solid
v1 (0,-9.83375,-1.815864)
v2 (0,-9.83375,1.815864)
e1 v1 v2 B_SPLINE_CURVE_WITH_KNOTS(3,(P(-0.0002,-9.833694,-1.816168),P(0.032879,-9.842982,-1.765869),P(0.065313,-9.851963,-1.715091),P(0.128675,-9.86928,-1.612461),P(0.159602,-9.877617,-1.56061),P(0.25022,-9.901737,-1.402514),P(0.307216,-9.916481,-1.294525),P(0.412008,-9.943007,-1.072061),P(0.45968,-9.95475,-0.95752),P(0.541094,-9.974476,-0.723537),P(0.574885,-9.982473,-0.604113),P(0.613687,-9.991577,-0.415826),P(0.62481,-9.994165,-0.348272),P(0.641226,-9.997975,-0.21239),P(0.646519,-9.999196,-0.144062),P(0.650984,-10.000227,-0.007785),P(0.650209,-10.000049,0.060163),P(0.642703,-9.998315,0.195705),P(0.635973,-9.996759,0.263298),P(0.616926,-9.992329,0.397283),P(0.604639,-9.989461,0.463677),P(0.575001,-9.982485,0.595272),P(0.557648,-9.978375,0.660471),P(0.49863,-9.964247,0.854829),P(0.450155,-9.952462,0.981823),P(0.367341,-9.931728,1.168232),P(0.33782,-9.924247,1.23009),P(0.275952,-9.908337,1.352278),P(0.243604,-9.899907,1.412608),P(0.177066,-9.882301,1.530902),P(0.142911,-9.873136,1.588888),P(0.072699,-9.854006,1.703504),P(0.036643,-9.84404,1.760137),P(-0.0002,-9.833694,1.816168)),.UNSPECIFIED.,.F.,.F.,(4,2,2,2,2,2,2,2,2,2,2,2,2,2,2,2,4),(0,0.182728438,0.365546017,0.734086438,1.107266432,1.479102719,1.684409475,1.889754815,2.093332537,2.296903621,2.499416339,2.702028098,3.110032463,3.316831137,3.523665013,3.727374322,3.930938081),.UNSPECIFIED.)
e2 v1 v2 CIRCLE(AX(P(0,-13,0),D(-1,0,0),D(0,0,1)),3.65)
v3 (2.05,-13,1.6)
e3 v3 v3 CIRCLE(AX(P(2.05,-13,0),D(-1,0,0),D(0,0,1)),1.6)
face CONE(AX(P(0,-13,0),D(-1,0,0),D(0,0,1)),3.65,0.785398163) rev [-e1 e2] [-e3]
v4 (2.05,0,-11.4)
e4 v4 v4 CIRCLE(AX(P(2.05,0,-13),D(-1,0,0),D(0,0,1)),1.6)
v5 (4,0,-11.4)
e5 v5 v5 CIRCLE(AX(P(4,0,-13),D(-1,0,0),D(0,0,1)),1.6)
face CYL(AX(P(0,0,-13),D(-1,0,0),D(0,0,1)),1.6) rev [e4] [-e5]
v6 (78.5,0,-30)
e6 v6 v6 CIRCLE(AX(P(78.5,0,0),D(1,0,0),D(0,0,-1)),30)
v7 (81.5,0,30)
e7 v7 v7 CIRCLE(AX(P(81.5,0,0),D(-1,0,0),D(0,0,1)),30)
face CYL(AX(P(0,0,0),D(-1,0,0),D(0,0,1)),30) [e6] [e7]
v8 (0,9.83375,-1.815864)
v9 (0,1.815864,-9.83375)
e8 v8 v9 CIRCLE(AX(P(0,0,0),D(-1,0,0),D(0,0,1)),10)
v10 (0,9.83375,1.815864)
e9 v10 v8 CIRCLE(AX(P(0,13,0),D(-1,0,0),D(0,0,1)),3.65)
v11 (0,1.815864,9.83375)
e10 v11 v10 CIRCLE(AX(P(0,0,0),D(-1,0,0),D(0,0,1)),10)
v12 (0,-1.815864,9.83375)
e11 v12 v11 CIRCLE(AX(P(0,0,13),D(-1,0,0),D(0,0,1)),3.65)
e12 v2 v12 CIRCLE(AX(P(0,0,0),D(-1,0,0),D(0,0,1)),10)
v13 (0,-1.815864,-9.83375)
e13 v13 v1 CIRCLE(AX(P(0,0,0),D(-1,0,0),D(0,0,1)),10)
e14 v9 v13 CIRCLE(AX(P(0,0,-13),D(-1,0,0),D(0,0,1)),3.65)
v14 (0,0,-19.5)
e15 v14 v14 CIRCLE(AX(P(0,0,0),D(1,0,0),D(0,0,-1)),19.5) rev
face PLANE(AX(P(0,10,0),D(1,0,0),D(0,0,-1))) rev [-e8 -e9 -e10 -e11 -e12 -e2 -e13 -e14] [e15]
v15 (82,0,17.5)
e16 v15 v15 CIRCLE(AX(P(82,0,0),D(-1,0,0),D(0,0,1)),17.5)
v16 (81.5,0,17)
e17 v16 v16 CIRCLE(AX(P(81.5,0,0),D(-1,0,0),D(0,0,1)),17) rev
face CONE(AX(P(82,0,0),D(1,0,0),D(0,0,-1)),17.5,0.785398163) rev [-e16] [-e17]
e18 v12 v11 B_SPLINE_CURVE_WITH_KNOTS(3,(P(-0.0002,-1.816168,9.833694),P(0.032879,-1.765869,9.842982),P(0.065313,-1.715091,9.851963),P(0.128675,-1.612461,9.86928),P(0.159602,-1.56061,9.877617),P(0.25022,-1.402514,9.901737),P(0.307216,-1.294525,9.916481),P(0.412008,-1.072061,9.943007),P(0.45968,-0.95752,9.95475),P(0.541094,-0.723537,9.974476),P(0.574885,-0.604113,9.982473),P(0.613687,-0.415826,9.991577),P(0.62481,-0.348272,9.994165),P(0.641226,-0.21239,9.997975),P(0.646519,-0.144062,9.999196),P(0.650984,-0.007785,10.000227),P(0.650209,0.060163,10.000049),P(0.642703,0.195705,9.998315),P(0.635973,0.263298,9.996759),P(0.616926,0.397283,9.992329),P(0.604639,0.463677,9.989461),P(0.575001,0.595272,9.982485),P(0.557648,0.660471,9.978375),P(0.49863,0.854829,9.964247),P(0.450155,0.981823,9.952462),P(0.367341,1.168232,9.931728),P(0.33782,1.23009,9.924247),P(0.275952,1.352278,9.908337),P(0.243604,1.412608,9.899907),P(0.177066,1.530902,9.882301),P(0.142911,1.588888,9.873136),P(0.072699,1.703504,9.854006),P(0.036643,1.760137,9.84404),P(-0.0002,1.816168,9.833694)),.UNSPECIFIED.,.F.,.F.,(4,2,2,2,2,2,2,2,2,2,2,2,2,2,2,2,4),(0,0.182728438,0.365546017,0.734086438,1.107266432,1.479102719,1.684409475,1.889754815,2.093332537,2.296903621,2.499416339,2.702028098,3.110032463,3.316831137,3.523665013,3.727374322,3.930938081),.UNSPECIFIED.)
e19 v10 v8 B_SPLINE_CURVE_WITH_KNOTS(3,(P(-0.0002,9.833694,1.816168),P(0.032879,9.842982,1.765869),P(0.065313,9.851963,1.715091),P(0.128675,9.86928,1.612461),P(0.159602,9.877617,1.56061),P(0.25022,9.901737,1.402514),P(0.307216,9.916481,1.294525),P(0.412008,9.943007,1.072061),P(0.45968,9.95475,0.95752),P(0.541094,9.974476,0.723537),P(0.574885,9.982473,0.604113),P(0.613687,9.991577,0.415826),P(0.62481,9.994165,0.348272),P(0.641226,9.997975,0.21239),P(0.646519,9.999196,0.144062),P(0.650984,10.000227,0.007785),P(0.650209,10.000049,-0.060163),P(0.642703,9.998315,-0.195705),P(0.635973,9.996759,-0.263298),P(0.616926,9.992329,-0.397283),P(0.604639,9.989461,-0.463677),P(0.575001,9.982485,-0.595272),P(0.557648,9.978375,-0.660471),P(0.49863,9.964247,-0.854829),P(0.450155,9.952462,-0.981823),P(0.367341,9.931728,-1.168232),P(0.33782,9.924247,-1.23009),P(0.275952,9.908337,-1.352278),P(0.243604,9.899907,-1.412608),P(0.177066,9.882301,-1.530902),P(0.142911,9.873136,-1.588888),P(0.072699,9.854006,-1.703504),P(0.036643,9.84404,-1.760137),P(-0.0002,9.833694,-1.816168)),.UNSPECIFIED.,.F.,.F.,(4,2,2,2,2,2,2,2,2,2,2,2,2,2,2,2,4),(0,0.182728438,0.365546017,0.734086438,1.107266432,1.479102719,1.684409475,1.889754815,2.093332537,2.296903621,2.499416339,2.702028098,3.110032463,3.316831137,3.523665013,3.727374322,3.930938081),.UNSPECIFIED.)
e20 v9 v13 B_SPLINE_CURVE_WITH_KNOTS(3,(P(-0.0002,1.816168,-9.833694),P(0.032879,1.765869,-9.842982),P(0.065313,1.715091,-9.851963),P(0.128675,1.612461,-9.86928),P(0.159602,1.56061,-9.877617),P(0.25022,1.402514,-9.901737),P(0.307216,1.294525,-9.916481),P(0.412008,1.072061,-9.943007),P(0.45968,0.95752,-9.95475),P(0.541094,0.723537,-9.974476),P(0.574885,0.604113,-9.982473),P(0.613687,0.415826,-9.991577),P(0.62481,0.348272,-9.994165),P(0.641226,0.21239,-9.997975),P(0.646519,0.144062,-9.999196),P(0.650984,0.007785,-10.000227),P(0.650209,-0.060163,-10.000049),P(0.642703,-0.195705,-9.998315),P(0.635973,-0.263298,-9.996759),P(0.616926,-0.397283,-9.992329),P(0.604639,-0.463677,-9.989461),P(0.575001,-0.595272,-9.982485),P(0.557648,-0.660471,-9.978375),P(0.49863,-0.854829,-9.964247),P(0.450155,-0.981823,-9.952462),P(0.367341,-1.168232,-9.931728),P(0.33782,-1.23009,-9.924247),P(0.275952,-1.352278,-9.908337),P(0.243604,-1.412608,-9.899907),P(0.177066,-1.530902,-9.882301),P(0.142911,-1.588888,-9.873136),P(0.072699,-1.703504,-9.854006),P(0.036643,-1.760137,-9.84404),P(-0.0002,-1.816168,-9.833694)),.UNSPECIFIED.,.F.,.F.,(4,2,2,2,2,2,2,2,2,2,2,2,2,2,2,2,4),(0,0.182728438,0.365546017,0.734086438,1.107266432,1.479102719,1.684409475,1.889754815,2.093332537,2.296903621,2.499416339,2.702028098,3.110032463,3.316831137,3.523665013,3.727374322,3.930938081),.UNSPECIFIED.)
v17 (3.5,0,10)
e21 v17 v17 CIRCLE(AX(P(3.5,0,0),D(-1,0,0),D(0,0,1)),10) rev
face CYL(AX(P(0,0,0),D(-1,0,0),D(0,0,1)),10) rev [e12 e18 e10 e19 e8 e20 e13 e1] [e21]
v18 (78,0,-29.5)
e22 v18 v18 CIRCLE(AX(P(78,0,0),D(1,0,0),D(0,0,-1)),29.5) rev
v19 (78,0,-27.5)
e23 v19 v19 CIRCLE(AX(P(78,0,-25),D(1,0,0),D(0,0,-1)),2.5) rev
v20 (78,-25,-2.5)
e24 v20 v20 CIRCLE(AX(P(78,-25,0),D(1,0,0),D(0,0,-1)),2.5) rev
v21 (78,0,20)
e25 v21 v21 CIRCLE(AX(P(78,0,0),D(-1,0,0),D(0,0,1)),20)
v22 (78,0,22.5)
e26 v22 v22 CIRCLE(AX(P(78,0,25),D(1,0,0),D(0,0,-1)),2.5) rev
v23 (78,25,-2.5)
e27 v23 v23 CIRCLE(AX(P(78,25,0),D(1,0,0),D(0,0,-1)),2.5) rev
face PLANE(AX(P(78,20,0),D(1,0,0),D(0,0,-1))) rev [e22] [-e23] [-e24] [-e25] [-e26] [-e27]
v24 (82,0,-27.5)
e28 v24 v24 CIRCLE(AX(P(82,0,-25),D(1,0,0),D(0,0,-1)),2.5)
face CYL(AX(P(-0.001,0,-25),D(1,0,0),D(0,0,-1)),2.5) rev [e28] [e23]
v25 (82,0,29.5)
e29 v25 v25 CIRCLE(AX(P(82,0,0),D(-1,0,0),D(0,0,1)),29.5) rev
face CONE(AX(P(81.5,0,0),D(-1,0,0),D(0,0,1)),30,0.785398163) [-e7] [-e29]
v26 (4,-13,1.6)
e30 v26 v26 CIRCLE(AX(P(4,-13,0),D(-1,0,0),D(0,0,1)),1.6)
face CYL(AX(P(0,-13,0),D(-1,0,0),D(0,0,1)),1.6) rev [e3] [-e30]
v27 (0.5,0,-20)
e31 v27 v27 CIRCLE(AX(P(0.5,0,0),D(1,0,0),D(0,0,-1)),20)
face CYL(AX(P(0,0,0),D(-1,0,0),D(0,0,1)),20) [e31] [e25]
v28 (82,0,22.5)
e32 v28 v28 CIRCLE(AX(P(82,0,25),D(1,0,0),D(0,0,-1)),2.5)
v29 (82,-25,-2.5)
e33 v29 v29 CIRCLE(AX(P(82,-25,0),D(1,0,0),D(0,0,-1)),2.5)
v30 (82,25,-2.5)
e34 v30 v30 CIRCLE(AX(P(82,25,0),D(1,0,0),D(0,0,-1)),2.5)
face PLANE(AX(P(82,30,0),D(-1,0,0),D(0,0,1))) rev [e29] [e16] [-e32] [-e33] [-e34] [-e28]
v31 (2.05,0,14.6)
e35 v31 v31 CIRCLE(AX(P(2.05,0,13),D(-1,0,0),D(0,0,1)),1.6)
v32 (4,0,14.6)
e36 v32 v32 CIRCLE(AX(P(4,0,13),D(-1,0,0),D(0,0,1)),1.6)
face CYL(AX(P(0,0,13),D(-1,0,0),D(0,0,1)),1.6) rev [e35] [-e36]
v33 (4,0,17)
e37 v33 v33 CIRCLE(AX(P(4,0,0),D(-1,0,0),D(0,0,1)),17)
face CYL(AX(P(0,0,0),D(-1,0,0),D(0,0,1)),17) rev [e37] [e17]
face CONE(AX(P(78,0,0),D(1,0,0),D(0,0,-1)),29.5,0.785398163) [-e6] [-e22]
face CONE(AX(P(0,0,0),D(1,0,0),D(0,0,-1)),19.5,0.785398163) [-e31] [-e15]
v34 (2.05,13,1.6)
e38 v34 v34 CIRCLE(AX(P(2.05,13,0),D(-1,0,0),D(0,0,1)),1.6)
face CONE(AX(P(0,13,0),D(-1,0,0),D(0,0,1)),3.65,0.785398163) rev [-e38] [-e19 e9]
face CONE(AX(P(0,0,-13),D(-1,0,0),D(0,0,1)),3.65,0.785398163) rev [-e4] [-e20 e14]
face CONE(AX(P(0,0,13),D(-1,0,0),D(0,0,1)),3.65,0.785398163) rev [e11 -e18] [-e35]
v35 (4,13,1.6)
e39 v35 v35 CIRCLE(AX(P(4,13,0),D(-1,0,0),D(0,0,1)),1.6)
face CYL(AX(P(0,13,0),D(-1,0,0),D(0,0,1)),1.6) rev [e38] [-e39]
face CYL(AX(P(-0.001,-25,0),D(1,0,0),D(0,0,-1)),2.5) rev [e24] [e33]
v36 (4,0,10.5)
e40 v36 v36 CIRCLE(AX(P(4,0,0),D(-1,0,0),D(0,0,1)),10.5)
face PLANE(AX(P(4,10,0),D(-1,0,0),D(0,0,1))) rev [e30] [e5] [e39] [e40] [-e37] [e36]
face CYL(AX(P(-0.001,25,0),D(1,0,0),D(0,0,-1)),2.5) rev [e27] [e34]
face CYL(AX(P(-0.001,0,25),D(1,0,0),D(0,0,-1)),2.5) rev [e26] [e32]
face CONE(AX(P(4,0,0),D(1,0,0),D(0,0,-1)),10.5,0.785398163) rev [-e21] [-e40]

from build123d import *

# Parameters (mm, degrees)
CHANFREIN1_SIZE                                = 0.5
FRAISAGE_POUR_VIS_T_TE_FRAIS_E_M31_D           = 3.2
FRAISAGE_POUR_VIS_T_TE_FRAIS_E_M31_CSINK_D     = 7.3
FRAISAGE_POUR_VIS_T_TE_FRAIS_E_M31_CSINK_ANGLE = 90
ENL_V_MAT_EXTRU_1_REACH                        = 94.326
ESQUISSE5_R                                    = 2.5


with BuildPart() as part:
    # Esquisse1 → Révolution1 (revolve)
    with BuildSketch(Plane.XY, mode=Mode.PRIVATE) as r_volution1_sk:
        Polygon((0, 10), (0, 20), (78, 20), (78, 30), (82, 30), (82, 17), (4, 17), (4, 10), align=None)
    revolve(r_volution1_sk.sketch.rotate(Axis((0, 0, 0), (1, 0, 0)), 90), axis=Axis((0, 0, 0), (1, 0, 0)))

    # Chanfrein1
    chanfrein1_edges = [part.edges().sort_by_distance(p)[0] for p in [
        (0, 0, -20),
        (78, 0, -30),
        (82, 0, -30),
        (82, 0, -17),
        (4, 0, -10),
    ]]
    chamfer(chanfrein1_edges, length=CHANFREIN1_SIZE)

    # Fraisage pour vis à tête fraisée M31 (through all)
    with Locations(Plane.ZY):
        with Locations((0, 13), (13, 0), (0, -13), (-13, 0)):
            CounterSinkHole(FRAISAGE_POUR_VIS_T_TE_FRAIS_E_M31_D / 2, FRAISAGE_POUR_VIS_T_TE_FRAIS_E_M31_CSINK_D / 2, counter_sink_angle=FRAISAGE_POUR_VIS_T_TE_FRAIS_E_M31_CSINK_ANGLE)

    # Esquisse5 → Enlèv. mat.-Extru.1 (cut, up to next)
    with BuildSketch(Plane(origin=(82, 0, 0), x_dir=(0, 0, -1), z_dir=(1, 0, 0)), mode=Mode.PRIVATE) as enl_v_mat_extru_1_sk1:
        with Locations((0, 25)):
            Circle(ESQUISSE5_R)
    enl_v_mat_extru_1_tool1 = extrude(enl_v_mat_extru_1_sk1.sketch, amount=-ENL_V_MAT_EXTRU_1_REACH, mode=Mode.PRIVATE) & part.part
    # Esquisse5 → Enlèv. mat.-Extru.1 (cut, up to next)
    with BuildSketch(Plane(origin=(82, 0, 0), x_dir=(0, 0, -1), z_dir=(1, 0, 0)), mode=Mode.PRIVATE) as enl_v_mat_extru_1_sk2:
        with Locations((25, 0)):
            Circle(ESQUISSE5_R)
    enl_v_mat_extru_1_tool2 = extrude(enl_v_mat_extru_1_sk2.sketch, amount=-ENL_V_MAT_EXTRU_1_REACH, mode=Mode.PRIVATE) & part.part
    # Esquisse5 → Enlèv. mat.-Extru.1 (cut, up to next)
    with BuildSketch(Plane(origin=(82, 0, 0), x_dir=(0, 0, -1), z_dir=(1, 0, 0)), mode=Mode.PRIVATE) as enl_v_mat_extru_1_sk3:
        with Locations((-25, 0)):
            Circle(ESQUISSE5_R)
    enl_v_mat_extru_1_tool3 = extrude(enl_v_mat_extru_1_sk3.sketch, amount=-ENL_V_MAT_EXTRU_1_REACH, mode=Mode.PRIVATE) & part.part
    # Esquisse5 → Enlèv. mat.-Extru.1 (cut, up to next)
    with BuildSketch(Plane(origin=(82, 0, 0), x_dir=(0, 0, -1), z_dir=(1, 0, 0)), mode=Mode.PRIVATE) as enl_v_mat_extru_1_sk4:
        with Locations((0, -25)):
            Circle(ESQUISSE5_R)
    enl_v_mat_extru_1_tool4 = extrude(enl_v_mat_extru_1_sk4.sketch, amount=-ENL_V_MAT_EXTRU_1_REACH, mode=Mode.PRIVATE) & part.part
    add(enl_v_mat_extru_1_tool1.solids().sort_by_distance((82, 25, 0))[0], mode=Mode.SUBTRACT)
    add(enl_v_mat_extru_1_tool2.solids().sort_by_distance((82, 0, -25))[0], mode=Mode.SUBTRACT)
    add(enl_v_mat_extru_1_tool3.solids().sort_by_distance((82, 0, 25))[0], mode=Mode.SUBTRACT)
    add(enl_v_mat_extru_1_tool4.solids().sort_by_distance((82, -25, 0))[0], mode=Mode.SUBTRACT)


solid = part.part
